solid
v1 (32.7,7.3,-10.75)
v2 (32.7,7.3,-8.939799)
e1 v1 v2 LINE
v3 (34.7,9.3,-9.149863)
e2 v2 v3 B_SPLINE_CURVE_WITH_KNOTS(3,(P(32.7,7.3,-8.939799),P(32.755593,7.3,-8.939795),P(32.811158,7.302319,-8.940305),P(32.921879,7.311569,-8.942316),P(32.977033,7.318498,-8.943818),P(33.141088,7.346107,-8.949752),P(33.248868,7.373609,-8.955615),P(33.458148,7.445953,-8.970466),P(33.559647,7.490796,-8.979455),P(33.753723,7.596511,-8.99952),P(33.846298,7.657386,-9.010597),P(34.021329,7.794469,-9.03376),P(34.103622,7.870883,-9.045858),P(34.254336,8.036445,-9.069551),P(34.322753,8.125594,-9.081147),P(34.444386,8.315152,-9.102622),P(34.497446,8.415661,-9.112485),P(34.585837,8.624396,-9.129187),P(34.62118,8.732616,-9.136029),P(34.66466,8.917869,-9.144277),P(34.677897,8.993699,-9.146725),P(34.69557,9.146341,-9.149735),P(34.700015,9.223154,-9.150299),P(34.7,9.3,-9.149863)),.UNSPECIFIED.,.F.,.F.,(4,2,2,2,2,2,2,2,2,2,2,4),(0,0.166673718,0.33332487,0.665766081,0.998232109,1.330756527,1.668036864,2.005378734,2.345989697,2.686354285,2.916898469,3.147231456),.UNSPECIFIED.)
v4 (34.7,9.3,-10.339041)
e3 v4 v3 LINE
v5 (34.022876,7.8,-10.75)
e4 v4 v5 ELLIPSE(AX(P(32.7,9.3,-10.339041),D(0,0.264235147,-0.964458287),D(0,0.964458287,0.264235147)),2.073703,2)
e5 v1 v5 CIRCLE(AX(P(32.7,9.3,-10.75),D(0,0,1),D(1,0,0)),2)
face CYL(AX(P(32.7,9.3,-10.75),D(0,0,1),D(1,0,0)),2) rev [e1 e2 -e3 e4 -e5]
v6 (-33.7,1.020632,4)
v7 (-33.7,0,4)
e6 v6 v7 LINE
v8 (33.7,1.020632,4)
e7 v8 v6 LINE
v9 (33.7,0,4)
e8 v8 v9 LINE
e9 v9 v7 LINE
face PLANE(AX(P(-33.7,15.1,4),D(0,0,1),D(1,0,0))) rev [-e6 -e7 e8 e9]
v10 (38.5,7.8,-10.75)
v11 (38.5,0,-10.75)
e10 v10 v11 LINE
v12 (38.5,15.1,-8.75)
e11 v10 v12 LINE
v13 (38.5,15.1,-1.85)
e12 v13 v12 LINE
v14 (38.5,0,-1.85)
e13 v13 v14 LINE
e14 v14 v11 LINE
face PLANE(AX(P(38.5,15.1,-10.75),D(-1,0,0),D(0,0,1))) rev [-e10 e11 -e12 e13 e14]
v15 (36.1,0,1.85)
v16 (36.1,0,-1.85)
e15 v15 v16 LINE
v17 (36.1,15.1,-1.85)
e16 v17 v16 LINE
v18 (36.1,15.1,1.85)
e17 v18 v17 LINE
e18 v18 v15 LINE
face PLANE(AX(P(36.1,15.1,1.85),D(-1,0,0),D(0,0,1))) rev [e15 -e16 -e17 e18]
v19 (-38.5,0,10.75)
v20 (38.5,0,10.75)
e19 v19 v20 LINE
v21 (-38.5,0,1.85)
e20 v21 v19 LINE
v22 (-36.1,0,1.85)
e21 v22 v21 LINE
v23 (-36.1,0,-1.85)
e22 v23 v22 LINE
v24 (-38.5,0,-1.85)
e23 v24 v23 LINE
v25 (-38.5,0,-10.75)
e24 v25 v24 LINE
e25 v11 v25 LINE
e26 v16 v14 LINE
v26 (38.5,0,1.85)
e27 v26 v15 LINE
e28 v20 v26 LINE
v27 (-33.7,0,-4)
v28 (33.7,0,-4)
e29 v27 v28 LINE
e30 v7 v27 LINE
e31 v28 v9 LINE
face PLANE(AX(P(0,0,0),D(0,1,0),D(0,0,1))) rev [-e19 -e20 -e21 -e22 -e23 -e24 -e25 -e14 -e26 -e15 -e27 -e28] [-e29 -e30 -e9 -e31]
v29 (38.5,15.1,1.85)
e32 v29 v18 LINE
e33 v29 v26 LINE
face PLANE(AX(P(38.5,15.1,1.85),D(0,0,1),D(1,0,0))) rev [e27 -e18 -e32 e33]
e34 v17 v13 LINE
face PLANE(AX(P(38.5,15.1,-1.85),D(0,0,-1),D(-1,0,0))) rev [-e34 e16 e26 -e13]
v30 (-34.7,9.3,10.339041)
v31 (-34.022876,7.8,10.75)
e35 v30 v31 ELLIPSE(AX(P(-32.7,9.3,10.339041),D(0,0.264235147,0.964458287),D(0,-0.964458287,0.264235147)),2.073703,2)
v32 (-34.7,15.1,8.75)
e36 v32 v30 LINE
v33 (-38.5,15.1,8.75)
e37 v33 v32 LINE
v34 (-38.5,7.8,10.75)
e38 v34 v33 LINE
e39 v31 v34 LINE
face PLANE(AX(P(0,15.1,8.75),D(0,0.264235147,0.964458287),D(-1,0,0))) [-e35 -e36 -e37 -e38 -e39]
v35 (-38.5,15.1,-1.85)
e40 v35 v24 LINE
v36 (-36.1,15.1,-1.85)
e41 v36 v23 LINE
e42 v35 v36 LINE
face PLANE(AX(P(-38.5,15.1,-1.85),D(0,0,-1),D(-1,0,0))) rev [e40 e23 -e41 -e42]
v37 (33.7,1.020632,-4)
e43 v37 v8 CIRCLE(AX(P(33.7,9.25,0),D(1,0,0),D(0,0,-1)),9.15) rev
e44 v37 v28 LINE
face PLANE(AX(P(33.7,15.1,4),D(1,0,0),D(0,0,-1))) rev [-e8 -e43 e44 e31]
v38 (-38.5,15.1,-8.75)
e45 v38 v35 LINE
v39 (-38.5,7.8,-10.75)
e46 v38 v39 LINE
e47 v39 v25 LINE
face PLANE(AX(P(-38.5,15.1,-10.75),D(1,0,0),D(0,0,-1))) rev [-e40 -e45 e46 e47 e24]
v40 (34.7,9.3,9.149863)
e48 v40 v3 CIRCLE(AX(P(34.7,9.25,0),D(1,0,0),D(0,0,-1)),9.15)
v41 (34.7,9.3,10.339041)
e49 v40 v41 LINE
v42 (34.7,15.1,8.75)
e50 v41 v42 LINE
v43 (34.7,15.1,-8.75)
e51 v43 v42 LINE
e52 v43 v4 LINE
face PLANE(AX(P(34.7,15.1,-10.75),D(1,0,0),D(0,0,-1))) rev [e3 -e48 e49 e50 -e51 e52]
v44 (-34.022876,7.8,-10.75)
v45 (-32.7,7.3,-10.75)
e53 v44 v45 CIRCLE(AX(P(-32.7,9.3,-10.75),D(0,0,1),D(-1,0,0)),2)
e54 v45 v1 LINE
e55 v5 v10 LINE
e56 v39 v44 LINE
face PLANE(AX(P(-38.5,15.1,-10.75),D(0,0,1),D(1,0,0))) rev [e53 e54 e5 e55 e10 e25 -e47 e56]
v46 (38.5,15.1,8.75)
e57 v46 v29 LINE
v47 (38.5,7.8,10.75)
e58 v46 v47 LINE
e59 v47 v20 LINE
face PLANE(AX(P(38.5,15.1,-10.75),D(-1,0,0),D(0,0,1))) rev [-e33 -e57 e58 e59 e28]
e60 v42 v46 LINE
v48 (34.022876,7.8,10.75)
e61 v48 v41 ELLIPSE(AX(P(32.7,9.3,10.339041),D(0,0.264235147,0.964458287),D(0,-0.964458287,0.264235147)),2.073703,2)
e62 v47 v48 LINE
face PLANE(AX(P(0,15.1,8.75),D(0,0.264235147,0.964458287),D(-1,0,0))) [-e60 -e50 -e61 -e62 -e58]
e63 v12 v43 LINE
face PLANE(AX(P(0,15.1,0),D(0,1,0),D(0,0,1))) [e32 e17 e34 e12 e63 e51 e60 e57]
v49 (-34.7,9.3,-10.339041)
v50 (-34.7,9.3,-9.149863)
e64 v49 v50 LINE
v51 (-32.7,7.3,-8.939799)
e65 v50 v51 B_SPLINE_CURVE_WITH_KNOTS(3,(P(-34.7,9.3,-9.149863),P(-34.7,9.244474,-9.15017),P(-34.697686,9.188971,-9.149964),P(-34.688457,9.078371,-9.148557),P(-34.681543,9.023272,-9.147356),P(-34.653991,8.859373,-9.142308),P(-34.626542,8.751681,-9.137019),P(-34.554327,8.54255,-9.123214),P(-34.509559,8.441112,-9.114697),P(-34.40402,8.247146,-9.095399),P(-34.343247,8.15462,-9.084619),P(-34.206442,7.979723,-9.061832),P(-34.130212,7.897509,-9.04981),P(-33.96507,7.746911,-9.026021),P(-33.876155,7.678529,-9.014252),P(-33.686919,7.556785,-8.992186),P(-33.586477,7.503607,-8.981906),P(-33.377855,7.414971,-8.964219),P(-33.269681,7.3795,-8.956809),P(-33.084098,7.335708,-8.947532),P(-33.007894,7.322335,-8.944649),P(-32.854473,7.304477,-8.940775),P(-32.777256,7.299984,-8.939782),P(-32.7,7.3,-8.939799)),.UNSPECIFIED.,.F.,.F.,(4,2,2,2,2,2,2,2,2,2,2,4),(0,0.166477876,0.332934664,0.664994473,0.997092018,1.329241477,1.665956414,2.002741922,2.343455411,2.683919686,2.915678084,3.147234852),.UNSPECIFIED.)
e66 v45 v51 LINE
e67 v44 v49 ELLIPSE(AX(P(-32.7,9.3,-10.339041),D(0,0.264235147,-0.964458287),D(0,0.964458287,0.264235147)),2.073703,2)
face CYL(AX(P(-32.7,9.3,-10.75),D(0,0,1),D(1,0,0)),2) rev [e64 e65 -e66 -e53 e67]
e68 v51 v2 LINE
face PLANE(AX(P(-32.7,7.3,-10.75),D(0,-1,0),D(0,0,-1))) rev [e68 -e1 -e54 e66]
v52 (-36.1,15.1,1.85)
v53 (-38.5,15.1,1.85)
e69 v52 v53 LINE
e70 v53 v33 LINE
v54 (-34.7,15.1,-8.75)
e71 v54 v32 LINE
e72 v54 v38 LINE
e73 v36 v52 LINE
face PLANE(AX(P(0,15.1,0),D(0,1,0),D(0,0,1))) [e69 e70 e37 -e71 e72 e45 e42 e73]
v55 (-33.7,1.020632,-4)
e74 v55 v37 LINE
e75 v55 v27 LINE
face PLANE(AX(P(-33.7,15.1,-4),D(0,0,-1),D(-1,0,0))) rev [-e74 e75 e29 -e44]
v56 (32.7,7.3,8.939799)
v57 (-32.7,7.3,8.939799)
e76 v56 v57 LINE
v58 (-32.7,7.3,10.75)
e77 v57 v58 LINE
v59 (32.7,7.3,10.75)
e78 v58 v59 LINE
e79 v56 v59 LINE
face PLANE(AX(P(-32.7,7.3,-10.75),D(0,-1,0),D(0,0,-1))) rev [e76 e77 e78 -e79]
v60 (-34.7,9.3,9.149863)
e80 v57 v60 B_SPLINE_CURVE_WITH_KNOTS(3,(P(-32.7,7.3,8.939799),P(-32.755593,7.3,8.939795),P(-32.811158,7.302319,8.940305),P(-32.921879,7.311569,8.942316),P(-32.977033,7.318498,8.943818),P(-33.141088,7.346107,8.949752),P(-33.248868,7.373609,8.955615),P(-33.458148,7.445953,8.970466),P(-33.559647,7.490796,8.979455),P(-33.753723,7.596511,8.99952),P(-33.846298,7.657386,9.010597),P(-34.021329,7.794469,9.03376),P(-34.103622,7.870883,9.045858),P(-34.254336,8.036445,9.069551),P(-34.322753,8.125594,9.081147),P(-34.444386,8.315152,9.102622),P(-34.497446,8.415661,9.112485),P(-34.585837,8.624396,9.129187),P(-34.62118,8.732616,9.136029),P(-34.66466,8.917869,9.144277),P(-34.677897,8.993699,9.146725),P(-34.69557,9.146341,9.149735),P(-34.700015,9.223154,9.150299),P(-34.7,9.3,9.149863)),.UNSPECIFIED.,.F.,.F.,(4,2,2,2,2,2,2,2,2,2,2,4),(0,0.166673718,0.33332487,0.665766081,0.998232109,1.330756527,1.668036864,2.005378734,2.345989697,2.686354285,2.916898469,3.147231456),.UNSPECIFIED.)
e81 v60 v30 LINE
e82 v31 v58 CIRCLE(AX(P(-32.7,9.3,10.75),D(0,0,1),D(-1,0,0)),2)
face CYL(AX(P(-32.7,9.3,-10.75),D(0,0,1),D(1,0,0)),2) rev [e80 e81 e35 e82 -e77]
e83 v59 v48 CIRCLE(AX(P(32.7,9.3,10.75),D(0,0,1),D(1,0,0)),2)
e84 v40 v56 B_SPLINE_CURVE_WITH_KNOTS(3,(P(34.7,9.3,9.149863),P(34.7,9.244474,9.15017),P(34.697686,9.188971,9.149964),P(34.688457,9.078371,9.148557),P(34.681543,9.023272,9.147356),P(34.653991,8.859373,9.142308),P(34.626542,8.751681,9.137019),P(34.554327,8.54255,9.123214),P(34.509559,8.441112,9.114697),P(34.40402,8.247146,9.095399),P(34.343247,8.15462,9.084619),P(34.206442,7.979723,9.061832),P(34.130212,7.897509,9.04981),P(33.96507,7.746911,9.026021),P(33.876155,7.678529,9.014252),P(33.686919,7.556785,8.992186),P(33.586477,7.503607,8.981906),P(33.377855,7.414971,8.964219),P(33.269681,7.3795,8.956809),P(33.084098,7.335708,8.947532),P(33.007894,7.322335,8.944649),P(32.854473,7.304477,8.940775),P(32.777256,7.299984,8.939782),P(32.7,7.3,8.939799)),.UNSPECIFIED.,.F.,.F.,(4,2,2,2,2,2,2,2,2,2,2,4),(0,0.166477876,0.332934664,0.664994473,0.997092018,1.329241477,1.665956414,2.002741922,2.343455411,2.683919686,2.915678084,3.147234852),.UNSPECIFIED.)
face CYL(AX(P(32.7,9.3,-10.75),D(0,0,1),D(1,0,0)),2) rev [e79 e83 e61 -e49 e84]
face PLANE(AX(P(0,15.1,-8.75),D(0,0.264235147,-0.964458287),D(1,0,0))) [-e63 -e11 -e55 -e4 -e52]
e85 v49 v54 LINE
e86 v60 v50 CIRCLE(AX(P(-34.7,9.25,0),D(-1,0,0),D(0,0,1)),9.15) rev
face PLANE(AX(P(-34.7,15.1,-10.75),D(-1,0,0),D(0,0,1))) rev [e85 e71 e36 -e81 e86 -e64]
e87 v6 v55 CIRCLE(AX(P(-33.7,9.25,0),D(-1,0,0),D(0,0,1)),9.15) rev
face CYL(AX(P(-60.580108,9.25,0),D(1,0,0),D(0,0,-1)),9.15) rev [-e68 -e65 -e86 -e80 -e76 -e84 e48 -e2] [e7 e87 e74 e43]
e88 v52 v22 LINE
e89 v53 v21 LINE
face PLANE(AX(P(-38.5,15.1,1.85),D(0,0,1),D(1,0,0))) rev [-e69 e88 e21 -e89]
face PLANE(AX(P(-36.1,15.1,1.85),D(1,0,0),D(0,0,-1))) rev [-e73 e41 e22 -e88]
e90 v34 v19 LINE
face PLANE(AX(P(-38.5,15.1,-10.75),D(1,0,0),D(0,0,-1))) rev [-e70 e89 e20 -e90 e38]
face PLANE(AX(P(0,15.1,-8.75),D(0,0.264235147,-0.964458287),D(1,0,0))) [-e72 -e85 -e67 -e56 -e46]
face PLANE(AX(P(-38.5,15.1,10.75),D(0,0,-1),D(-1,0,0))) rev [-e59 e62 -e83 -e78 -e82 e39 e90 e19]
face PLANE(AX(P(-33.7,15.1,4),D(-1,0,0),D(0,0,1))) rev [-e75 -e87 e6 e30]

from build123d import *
from OCP.BRepFilletAPI import BRepFilletAPI_MakeChamfer

# Parameters (mm, degrees)
SKETCH_1_W          = 77
SKETCH_1_H          = 21.5
EXTRUDE_1_DEPTH     = 15.1
CHAMFER_1_SIZE      = 7.3
CHAMFER_1_SIZE2     = 2
CUT_EXTRUDE_1_DEPTH = 47.610192018
CUT_EXTRUDE_START   = -3.8
SKETCH_3_R          = 9.15
CUT_EXTRUDE_2_DEPTH = 69.4
SKETCH_4_W          = 67.4
SKETCH_4_H          = 8
SKETCH_4_W_2        = 2.4
SKETCH_4_H_2        = 3.7
CUT_EXTRUDE_3_DEPTH = 43.729644302


with BuildPart() as part:
    # Эскиз1 → Бобышка-Вытянуть1 (new body)
    with BuildSketch(Plane(origin=(0, 0, 0), x_dir=(1, 0, 0), z_dir=(0, 1, 0))):
        Rectangle(SKETCH_1_W, SKETCH_1_H)
    extrude(amount=EXTRUDE_1_DEPTH)

    # Фаска1: one chamfer whose edges measure the first distance from different faces: ONE call of the kernel's chamfer builder (chamfer() names one face for all edges)
    chamfer_1_edges_1 = [part.edges().sort_by_distance(p)[0] for p in [
        (0, 15.1, 10.75),
    ]]
    chamfer_1_side_1 = [part.faces().sort_by_distance(p)[0] for p in [
        (0, 7.55, 10.75),
    ]]
    chamfer_1_edges_2 = [part.edges().sort_by_distance(p)[0] for p in [
        (0, 15.1, -10.75),
    ]]
    chamfer_1_side_2 = [part.faces().sort_by_distance(p)[0] for p in [
        (0, 7.55, -10.75),
    ]]
    chamfer_1 = BRepFilletAPI_MakeChamfer(part.part.solid().wrapped)
    for e in chamfer_1_edges_1:
        chamfer_1.Add(CHAMFER_1_SIZE, CHAMFER_1_SIZE2, e.wrapped, chamfer_1_side_1[0].wrapped)  # the first distance lies on this face
    for e in chamfer_1_edges_2:
        chamfer_1.Add(CHAMFER_1_SIZE, CHAMFER_1_SIZE2, e.wrapped, chamfer_1_side_2[0].wrapped)  # the first distance lies on this face
    add(Compound.cast(chamfer_1.Shape()), mode=Mode.REPLACE)

    # Эскиз2 → Вырез-Вытянуть1 (cut, through all)
    with BuildSketch(Plane.XY.offset(10.75)):
        with BuildLine():
            Line((-34.7, 15.1), (34.7, 15.1))
            Line((34.7, 15.1), (34.7, 9.3))
            ThreePointArc((34.7, 9.3), (34.114213562, 7.885786438), (32.7, 7.3))
            Line((32.7, 7.3), (-32.7, 7.3))
            ThreePointArc((-32.7, 7.3), (-34.114213562, 7.885786438), (-34.7, 9.3))
            Line((-34.7, 9.3), (-34.7, 15.1))
        make_face()
    extrude(amount=-CUT_EXTRUDE_1_DEPTH, mode=Mode.SUBTRACT)

    # Эскиз3 → Вырез-Вытянуть2 (cut)
    with BuildSketch(Plane(origin=(38.5, 0, 0), x_dir=(0, 0, -1), z_dir=(1, 0, 0)).offset(CUT_EXTRUDE_START)):
        with Locations((0, 9.25)):
            Circle(SKETCH_3_R)
    extrude(amount=-CUT_EXTRUDE_2_DEPTH, mode=Mode.SUBTRACT)

    # Эскиз4 → Вырез-Вытянуть3 (cut, through all)
    with BuildSketch(Plane.XZ):
        Rectangle(SKETCH_4_W, SKETCH_4_H)
        with Locations((-37.3, 0)):
            Rectangle(SKETCH_4_W_2, SKETCH_4_H_2)
        with Locations((37.3, 0)):
            Rectangle(SKETCH_4_W_2, SKETCH_4_H_2)
    extrude(amount=-CUT_EXTRUDE_3_DEPTH, mode=Mode.SUBTRACT)


solid = part.part
